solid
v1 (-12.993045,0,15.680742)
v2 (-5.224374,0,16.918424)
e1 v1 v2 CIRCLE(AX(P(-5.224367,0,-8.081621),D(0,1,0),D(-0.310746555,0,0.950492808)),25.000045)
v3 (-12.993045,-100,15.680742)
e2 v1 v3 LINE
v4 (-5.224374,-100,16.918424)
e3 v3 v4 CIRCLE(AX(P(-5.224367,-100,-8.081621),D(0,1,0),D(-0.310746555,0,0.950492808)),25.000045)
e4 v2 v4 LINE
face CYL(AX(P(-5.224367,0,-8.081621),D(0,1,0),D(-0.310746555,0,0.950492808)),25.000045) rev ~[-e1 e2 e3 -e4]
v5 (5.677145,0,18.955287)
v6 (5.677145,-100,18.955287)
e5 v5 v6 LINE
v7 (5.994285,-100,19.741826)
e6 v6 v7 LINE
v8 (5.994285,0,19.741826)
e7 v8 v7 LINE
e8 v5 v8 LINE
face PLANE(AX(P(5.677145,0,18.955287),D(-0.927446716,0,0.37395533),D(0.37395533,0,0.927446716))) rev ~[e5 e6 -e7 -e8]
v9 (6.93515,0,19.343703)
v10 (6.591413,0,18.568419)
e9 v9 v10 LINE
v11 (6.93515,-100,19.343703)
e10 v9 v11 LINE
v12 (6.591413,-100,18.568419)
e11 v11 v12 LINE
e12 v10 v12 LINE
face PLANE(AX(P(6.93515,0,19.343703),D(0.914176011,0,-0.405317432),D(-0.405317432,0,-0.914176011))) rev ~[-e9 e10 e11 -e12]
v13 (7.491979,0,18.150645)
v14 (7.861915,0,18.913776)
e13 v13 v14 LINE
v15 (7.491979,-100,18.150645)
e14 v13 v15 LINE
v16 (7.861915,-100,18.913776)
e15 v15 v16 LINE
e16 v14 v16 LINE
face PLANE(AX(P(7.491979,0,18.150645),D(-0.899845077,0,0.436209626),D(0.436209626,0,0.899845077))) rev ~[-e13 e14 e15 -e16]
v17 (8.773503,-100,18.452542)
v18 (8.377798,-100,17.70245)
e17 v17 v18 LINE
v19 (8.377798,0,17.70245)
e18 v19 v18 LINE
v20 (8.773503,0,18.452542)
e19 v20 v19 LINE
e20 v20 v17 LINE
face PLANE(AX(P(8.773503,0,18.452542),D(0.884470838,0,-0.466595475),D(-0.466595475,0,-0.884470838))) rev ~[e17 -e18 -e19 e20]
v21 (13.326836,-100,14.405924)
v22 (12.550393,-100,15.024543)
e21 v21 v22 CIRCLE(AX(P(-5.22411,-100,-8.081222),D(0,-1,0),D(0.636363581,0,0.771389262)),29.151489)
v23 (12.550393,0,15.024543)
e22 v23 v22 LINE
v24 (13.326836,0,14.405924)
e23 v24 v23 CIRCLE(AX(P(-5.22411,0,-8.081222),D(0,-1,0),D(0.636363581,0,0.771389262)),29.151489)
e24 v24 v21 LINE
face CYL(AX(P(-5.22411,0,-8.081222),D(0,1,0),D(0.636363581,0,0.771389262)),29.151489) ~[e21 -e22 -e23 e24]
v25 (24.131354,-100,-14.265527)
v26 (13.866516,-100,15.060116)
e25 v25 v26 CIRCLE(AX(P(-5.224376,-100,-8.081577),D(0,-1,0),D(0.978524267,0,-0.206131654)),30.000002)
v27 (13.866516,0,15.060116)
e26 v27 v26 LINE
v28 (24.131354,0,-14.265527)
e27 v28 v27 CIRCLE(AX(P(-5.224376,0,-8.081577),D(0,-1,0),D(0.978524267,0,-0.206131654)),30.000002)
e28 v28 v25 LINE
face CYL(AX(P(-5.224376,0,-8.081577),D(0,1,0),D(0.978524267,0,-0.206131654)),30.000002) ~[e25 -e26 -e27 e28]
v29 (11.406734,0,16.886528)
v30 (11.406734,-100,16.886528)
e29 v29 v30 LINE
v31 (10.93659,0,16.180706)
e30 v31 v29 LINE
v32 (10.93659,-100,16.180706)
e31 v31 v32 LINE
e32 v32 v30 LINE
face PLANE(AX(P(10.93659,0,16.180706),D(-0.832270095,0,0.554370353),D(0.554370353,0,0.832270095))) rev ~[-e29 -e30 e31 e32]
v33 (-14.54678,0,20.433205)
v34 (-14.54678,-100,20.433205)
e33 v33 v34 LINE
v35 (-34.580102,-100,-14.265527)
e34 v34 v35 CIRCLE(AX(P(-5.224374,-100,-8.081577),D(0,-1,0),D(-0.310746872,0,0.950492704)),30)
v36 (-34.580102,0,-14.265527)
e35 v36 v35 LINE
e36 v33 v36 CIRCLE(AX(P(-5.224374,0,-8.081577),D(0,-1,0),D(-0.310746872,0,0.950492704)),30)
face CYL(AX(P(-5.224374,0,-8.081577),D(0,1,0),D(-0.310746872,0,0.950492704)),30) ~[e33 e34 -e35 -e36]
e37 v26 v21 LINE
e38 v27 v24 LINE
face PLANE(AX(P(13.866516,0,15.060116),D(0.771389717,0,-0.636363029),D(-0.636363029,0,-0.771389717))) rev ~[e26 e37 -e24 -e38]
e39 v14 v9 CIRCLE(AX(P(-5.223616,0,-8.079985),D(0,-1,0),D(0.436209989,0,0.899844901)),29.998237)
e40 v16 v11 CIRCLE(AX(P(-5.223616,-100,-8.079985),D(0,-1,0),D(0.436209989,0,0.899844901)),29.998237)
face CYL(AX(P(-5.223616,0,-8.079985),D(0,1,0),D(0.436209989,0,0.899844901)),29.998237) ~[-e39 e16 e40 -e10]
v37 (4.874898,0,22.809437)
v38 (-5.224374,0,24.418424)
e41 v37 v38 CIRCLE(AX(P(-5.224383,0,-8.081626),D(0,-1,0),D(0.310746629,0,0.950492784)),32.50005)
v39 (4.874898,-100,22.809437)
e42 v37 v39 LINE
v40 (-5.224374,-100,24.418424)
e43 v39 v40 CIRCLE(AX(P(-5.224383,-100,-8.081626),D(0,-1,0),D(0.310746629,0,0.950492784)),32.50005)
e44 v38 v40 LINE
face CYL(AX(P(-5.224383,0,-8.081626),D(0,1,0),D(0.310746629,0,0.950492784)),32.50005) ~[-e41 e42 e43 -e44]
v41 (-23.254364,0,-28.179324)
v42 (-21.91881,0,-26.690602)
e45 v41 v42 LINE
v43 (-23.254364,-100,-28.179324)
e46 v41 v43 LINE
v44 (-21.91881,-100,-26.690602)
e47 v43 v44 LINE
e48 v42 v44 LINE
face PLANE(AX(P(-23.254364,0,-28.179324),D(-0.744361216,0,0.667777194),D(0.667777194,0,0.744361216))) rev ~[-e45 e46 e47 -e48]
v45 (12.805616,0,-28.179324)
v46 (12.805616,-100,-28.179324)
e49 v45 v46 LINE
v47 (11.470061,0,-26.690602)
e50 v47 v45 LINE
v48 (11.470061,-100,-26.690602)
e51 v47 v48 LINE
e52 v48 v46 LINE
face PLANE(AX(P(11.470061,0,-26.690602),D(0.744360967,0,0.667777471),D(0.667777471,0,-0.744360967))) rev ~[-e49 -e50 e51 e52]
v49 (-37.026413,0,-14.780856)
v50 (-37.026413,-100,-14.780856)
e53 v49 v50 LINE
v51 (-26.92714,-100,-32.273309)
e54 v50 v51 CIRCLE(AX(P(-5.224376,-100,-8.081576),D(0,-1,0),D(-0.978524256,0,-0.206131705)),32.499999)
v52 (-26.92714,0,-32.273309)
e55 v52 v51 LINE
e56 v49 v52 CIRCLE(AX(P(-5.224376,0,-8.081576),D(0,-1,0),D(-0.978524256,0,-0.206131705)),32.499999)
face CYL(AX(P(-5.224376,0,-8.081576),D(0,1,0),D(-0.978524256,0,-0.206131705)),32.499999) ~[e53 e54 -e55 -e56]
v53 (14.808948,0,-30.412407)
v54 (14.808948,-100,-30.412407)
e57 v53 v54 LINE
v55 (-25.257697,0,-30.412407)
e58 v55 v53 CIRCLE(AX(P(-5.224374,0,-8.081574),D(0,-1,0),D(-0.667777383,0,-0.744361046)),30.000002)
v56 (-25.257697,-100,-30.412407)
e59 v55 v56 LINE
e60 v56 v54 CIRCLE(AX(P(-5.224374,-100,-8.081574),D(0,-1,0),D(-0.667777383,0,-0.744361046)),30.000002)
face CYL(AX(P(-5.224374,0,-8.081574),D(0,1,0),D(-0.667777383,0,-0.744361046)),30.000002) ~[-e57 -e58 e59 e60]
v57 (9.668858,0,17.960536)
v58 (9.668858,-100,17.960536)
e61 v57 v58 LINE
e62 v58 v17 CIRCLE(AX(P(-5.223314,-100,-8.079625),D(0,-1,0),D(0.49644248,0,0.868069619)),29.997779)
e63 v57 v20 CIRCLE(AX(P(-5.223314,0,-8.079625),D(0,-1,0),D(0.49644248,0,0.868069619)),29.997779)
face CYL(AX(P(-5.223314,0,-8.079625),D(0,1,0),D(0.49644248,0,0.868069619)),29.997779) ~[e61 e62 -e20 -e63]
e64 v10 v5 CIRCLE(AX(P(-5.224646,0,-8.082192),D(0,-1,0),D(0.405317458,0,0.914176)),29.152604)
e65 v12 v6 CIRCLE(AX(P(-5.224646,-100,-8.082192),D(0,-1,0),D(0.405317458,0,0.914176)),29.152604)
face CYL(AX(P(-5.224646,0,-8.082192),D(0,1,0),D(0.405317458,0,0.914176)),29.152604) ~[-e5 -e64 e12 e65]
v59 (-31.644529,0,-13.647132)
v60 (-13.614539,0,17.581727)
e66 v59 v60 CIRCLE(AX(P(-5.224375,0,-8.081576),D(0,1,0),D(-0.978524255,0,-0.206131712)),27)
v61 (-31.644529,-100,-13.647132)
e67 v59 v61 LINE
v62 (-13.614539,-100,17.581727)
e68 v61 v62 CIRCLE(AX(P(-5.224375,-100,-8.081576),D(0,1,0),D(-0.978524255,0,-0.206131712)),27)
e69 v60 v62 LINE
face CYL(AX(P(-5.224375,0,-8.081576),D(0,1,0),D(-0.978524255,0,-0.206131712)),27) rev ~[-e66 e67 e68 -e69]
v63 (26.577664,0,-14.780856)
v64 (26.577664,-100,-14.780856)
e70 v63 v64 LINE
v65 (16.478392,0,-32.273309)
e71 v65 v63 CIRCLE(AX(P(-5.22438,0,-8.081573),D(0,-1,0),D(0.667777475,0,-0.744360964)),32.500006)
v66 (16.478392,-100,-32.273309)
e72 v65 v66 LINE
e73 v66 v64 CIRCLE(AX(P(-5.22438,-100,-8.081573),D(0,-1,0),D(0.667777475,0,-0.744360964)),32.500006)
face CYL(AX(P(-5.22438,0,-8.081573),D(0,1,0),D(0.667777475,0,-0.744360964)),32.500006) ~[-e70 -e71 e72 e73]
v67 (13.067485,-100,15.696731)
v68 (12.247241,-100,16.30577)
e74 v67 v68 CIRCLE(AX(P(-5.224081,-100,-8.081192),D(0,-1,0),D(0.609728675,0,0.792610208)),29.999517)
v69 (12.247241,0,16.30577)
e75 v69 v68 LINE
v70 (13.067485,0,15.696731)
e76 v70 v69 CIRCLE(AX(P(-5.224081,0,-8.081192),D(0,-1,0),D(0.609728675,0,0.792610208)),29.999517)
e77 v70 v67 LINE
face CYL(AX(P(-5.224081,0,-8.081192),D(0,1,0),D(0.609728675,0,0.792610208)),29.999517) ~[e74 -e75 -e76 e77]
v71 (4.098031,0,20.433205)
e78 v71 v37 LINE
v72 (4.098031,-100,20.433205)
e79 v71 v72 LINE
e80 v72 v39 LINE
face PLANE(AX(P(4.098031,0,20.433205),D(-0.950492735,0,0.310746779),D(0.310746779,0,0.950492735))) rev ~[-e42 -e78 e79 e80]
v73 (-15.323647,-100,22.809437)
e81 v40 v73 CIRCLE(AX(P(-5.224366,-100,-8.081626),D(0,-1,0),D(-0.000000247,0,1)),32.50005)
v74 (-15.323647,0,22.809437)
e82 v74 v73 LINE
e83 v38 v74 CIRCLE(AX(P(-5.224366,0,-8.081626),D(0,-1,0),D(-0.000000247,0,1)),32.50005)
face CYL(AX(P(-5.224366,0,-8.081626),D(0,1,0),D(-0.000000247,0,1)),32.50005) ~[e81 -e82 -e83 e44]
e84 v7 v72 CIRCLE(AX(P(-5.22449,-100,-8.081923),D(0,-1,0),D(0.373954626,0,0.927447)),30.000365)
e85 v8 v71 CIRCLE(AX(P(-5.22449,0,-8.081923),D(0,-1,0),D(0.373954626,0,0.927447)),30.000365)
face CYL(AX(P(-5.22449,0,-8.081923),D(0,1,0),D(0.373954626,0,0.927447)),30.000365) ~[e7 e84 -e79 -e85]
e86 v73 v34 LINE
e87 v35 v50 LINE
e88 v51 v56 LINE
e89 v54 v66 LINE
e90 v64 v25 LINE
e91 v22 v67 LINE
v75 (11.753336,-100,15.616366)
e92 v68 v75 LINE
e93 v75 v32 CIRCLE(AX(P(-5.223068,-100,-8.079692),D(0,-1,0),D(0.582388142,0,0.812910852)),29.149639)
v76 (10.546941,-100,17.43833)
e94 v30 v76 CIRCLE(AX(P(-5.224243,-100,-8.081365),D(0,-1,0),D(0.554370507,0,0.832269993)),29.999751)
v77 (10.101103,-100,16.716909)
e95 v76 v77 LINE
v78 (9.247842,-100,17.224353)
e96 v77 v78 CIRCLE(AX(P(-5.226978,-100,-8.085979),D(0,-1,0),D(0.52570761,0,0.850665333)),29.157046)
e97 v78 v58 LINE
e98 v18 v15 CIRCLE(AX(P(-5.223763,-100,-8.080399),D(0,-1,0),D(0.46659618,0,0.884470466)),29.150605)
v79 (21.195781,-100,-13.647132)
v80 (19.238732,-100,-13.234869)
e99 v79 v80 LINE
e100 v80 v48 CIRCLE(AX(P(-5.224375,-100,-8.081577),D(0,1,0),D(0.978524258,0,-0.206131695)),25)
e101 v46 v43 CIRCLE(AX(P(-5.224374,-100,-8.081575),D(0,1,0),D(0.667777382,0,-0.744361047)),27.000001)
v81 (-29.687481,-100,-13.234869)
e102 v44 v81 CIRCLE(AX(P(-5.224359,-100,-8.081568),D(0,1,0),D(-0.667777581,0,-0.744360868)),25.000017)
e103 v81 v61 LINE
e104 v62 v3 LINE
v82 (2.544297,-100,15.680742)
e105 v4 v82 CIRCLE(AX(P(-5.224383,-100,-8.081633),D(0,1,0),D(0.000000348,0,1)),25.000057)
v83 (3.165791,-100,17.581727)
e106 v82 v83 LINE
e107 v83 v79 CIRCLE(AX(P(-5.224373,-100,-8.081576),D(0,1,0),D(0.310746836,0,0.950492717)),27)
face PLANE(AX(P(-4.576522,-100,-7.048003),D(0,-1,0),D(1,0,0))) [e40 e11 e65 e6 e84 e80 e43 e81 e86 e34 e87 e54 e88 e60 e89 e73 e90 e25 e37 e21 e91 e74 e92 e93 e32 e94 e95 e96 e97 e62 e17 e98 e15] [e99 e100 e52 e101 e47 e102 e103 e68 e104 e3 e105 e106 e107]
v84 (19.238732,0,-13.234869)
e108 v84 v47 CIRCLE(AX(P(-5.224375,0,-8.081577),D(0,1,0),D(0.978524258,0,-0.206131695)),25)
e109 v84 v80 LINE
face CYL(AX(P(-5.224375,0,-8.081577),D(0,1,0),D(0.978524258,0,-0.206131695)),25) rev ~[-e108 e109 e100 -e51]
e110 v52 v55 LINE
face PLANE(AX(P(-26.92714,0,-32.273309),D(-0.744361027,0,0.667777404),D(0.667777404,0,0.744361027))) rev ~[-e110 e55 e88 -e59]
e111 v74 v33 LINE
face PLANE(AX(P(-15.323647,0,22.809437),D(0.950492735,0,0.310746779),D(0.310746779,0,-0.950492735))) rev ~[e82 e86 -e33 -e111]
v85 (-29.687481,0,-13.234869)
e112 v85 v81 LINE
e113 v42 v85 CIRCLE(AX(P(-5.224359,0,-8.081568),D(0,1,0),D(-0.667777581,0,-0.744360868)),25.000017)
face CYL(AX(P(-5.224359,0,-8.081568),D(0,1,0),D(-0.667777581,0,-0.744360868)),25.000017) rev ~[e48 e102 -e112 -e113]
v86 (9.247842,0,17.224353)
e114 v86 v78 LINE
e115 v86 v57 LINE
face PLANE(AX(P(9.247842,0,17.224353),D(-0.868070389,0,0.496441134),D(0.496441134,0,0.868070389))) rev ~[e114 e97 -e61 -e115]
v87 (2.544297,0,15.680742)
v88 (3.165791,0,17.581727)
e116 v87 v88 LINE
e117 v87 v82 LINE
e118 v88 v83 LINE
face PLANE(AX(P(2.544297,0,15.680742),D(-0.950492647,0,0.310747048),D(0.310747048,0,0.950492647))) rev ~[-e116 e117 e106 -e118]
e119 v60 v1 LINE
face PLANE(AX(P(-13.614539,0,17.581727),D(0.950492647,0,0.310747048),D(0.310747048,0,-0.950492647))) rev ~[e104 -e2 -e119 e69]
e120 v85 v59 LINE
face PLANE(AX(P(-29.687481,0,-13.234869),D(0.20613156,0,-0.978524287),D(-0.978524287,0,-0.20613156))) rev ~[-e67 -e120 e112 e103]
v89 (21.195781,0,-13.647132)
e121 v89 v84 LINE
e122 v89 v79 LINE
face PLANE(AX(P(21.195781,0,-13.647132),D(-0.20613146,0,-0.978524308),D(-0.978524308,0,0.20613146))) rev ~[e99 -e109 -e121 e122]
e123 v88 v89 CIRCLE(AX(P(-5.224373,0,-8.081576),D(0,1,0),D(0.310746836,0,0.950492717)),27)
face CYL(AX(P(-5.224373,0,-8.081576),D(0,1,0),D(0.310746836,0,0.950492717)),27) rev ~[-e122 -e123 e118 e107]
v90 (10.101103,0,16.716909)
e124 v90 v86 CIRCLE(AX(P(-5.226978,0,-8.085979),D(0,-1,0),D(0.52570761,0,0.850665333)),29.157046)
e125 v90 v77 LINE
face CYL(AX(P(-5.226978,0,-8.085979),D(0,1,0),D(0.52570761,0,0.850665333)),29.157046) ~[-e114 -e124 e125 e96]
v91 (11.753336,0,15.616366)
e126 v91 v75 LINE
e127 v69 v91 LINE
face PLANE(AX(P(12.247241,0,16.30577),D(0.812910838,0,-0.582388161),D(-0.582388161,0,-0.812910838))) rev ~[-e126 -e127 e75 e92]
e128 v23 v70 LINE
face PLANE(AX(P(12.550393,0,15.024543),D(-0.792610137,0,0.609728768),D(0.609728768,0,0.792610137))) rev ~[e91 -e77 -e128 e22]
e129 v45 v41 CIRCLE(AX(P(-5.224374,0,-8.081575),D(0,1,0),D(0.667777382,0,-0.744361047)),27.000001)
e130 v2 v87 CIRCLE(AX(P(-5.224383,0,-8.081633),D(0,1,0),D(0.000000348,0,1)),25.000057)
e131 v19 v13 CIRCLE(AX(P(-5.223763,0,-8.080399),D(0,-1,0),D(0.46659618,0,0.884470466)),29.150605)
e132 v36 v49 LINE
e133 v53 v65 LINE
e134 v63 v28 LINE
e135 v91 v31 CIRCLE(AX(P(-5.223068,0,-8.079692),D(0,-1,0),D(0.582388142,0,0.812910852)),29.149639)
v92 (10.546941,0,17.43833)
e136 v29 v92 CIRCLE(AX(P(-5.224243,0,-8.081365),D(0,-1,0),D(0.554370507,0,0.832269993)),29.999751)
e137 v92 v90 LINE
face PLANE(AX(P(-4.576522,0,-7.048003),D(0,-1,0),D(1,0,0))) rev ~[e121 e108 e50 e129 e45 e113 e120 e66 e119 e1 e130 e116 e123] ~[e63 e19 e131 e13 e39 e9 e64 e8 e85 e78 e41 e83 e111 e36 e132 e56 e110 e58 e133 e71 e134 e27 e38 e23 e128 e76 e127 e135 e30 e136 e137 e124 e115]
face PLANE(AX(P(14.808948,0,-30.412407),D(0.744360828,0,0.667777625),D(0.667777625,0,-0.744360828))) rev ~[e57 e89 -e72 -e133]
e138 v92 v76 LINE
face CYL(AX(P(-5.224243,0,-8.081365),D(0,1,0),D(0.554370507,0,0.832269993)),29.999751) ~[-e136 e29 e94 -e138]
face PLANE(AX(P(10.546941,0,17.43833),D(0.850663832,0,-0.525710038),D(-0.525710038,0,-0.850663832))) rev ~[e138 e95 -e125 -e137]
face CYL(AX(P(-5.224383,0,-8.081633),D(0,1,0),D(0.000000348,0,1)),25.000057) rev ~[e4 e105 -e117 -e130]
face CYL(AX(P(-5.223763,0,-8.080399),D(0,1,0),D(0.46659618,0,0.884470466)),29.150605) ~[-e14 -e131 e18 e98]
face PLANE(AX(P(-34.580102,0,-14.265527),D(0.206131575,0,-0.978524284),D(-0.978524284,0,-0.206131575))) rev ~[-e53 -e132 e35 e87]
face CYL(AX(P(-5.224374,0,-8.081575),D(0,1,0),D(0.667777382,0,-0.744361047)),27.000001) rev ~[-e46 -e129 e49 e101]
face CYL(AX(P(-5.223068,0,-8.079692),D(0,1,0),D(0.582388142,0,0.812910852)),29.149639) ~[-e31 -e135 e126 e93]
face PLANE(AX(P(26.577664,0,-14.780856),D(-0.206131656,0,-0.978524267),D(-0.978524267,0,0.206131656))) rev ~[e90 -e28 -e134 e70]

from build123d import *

# Parameters (mm, degrees)
F1_DEPTH = 100


with BuildPart() as f1:
    # F0 (on Front) → F1 (new body)
    with BuildSketch(Plane.XZ):
        with BuildLine():
            Line((-15.323647, 22.809437), (-14.54678, 20.433205))
            ThreePointArc((-14.54678, 20.433205), (-31.205136, 6.918424), (-34.580102, -14.265527))
            Line((-34.580102, -14.265527), (-37.026413, -14.780856))
            ThreePointArc((-37.026413, -14.780856), (-33.3702, -24.331576), (-26.92714, -32.273309))
            Line((-26.92714, -32.273309), (-25.257697, -30.412407))
            ThreePointArc((-25.257697, -30.412407), (-5.224374, -38.081576), (14.808948, -30.412407))
            Line((14.808948, -30.412407), (16.478392, -32.273309))
            ThreePointArc((16.478392, -32.273309), (22.921451, -24.331576), (26.577664, -14.780856))
            Line((26.577664, -14.780856), (24.131354, -14.265527))
            ThreePointArc((24.131354, -14.265527), (23.091117, 1.829678), (13.866516, 15.060116))
            Line((13.866516, 15.060116), (13.326836, 14.405924))
            ThreePointArc((13.326836, 14.405924), (12.941248, 14.718539), (12.550393, 15.024543))
            Line((12.550393, 15.024543), (13.067485, 15.696731))
            ThreePointArc((13.067485, 15.696731), (12.659955, 16.004743), (12.247241, 16.30577))
            Line((12.247241, 16.30577), (11.753336, 15.616366))
            ThreePointArc((11.753336, 15.616366), (11.347366, 15.902013), (10.93659, 16.180706))
            Line((10.93659, 16.180706), (11.406734, 16.886528))
            ThreePointArc((11.406734, 16.886528), (10.979187, 17.166089), (10.546941, 17.43833))
            Line((10.546941, 17.43833), (10.101103, 16.716909))
            ThreePointArc((10.101103, 16.716909), (9.676632, 16.974263), (9.247842, 17.224353))
            Line((9.247842, 17.224353), (9.668858, 17.960536))
            ThreePointArc((9.668858, 17.960536), (9.223275, 18.210351), (8.773503, 18.452542))
            Line((8.773503, 18.452542), (8.377798, 17.70245))
            ThreePointArc((8.377798, 17.70245), (7.936796, 17.930319), (7.491979, 18.150645))
            Line((7.491979, 18.150645), (7.861915, 18.913776))
            ThreePointArc((7.861915, 18.913776), (7.400363, 19.132685), (6.93515, 19.343703))
            Line((6.93515, 19.343703), (6.591413, 18.568419))
            ThreePointArc((6.591413, 18.568419), (6.135926, 18.765745), (5.677145, 18.955287))
            Line((5.677145, 18.955287), (5.994285, 19.741826))
            ThreePointArc((5.994285, 19.741826), (5.051974, 20.103467), (4.098031, 20.433205))
            Line((4.098031, 20.433205), (4.874898, 22.809437))
            ThreePointArc((4.874898, 22.809437), (-0.111055, 24.013656), (-5.224374, 24.418424))
            ThreePointArc((-5.224374, 24.418424), (-10.337694, 24.013656), (-15.323647, 22.809437))
        make_face()
        with BuildLine():
            ThreePointArc((-12.993045, 15.680742), (-9.157697, 16.607064), (-5.224374, 16.918424))
            ThreePointArc((-5.224374, 16.918424), (-1.291052, 16.607064), (2.544297, 15.680742))
            Line((2.544297, 15.680742), (3.165791, 17.581727))
            ThreePointArc((3.165791, 17.581727), (18.158312, 5.418424), (21.195781, -13.647132))
            Line((21.195781, -13.647132), (19.238732, -13.234869))
            ThreePointArc((19.238732, -13.234869), (16.426261, -20.581576), (11.470061, -26.690602))
            Line((11.470061, -26.690602), (12.805616, -28.179324))
            ThreePointArc((12.805616, -28.179324), (-5.224374, -35.081576), (-23.254364, -28.179324))
            Line((-23.254364, -28.179324), (-21.91881, -26.690602))
            ThreePointArc((-21.91881, -26.690602), (-26.875009, -20.581576), (-29.687481, -13.234869))
            Line((-29.687481, -13.234869), (-31.644529, -13.647132))
            ThreePointArc((-31.644529, -13.647132), (-28.60706, 5.418424), (-13.614539, 17.581727))
            Line((-13.614539, 17.581727), (-12.993045, 15.680742))
        make_face(mode=Mode.SUBTRACT)
    extrude(amount=F1_DEPTH)


solid = f1.part
